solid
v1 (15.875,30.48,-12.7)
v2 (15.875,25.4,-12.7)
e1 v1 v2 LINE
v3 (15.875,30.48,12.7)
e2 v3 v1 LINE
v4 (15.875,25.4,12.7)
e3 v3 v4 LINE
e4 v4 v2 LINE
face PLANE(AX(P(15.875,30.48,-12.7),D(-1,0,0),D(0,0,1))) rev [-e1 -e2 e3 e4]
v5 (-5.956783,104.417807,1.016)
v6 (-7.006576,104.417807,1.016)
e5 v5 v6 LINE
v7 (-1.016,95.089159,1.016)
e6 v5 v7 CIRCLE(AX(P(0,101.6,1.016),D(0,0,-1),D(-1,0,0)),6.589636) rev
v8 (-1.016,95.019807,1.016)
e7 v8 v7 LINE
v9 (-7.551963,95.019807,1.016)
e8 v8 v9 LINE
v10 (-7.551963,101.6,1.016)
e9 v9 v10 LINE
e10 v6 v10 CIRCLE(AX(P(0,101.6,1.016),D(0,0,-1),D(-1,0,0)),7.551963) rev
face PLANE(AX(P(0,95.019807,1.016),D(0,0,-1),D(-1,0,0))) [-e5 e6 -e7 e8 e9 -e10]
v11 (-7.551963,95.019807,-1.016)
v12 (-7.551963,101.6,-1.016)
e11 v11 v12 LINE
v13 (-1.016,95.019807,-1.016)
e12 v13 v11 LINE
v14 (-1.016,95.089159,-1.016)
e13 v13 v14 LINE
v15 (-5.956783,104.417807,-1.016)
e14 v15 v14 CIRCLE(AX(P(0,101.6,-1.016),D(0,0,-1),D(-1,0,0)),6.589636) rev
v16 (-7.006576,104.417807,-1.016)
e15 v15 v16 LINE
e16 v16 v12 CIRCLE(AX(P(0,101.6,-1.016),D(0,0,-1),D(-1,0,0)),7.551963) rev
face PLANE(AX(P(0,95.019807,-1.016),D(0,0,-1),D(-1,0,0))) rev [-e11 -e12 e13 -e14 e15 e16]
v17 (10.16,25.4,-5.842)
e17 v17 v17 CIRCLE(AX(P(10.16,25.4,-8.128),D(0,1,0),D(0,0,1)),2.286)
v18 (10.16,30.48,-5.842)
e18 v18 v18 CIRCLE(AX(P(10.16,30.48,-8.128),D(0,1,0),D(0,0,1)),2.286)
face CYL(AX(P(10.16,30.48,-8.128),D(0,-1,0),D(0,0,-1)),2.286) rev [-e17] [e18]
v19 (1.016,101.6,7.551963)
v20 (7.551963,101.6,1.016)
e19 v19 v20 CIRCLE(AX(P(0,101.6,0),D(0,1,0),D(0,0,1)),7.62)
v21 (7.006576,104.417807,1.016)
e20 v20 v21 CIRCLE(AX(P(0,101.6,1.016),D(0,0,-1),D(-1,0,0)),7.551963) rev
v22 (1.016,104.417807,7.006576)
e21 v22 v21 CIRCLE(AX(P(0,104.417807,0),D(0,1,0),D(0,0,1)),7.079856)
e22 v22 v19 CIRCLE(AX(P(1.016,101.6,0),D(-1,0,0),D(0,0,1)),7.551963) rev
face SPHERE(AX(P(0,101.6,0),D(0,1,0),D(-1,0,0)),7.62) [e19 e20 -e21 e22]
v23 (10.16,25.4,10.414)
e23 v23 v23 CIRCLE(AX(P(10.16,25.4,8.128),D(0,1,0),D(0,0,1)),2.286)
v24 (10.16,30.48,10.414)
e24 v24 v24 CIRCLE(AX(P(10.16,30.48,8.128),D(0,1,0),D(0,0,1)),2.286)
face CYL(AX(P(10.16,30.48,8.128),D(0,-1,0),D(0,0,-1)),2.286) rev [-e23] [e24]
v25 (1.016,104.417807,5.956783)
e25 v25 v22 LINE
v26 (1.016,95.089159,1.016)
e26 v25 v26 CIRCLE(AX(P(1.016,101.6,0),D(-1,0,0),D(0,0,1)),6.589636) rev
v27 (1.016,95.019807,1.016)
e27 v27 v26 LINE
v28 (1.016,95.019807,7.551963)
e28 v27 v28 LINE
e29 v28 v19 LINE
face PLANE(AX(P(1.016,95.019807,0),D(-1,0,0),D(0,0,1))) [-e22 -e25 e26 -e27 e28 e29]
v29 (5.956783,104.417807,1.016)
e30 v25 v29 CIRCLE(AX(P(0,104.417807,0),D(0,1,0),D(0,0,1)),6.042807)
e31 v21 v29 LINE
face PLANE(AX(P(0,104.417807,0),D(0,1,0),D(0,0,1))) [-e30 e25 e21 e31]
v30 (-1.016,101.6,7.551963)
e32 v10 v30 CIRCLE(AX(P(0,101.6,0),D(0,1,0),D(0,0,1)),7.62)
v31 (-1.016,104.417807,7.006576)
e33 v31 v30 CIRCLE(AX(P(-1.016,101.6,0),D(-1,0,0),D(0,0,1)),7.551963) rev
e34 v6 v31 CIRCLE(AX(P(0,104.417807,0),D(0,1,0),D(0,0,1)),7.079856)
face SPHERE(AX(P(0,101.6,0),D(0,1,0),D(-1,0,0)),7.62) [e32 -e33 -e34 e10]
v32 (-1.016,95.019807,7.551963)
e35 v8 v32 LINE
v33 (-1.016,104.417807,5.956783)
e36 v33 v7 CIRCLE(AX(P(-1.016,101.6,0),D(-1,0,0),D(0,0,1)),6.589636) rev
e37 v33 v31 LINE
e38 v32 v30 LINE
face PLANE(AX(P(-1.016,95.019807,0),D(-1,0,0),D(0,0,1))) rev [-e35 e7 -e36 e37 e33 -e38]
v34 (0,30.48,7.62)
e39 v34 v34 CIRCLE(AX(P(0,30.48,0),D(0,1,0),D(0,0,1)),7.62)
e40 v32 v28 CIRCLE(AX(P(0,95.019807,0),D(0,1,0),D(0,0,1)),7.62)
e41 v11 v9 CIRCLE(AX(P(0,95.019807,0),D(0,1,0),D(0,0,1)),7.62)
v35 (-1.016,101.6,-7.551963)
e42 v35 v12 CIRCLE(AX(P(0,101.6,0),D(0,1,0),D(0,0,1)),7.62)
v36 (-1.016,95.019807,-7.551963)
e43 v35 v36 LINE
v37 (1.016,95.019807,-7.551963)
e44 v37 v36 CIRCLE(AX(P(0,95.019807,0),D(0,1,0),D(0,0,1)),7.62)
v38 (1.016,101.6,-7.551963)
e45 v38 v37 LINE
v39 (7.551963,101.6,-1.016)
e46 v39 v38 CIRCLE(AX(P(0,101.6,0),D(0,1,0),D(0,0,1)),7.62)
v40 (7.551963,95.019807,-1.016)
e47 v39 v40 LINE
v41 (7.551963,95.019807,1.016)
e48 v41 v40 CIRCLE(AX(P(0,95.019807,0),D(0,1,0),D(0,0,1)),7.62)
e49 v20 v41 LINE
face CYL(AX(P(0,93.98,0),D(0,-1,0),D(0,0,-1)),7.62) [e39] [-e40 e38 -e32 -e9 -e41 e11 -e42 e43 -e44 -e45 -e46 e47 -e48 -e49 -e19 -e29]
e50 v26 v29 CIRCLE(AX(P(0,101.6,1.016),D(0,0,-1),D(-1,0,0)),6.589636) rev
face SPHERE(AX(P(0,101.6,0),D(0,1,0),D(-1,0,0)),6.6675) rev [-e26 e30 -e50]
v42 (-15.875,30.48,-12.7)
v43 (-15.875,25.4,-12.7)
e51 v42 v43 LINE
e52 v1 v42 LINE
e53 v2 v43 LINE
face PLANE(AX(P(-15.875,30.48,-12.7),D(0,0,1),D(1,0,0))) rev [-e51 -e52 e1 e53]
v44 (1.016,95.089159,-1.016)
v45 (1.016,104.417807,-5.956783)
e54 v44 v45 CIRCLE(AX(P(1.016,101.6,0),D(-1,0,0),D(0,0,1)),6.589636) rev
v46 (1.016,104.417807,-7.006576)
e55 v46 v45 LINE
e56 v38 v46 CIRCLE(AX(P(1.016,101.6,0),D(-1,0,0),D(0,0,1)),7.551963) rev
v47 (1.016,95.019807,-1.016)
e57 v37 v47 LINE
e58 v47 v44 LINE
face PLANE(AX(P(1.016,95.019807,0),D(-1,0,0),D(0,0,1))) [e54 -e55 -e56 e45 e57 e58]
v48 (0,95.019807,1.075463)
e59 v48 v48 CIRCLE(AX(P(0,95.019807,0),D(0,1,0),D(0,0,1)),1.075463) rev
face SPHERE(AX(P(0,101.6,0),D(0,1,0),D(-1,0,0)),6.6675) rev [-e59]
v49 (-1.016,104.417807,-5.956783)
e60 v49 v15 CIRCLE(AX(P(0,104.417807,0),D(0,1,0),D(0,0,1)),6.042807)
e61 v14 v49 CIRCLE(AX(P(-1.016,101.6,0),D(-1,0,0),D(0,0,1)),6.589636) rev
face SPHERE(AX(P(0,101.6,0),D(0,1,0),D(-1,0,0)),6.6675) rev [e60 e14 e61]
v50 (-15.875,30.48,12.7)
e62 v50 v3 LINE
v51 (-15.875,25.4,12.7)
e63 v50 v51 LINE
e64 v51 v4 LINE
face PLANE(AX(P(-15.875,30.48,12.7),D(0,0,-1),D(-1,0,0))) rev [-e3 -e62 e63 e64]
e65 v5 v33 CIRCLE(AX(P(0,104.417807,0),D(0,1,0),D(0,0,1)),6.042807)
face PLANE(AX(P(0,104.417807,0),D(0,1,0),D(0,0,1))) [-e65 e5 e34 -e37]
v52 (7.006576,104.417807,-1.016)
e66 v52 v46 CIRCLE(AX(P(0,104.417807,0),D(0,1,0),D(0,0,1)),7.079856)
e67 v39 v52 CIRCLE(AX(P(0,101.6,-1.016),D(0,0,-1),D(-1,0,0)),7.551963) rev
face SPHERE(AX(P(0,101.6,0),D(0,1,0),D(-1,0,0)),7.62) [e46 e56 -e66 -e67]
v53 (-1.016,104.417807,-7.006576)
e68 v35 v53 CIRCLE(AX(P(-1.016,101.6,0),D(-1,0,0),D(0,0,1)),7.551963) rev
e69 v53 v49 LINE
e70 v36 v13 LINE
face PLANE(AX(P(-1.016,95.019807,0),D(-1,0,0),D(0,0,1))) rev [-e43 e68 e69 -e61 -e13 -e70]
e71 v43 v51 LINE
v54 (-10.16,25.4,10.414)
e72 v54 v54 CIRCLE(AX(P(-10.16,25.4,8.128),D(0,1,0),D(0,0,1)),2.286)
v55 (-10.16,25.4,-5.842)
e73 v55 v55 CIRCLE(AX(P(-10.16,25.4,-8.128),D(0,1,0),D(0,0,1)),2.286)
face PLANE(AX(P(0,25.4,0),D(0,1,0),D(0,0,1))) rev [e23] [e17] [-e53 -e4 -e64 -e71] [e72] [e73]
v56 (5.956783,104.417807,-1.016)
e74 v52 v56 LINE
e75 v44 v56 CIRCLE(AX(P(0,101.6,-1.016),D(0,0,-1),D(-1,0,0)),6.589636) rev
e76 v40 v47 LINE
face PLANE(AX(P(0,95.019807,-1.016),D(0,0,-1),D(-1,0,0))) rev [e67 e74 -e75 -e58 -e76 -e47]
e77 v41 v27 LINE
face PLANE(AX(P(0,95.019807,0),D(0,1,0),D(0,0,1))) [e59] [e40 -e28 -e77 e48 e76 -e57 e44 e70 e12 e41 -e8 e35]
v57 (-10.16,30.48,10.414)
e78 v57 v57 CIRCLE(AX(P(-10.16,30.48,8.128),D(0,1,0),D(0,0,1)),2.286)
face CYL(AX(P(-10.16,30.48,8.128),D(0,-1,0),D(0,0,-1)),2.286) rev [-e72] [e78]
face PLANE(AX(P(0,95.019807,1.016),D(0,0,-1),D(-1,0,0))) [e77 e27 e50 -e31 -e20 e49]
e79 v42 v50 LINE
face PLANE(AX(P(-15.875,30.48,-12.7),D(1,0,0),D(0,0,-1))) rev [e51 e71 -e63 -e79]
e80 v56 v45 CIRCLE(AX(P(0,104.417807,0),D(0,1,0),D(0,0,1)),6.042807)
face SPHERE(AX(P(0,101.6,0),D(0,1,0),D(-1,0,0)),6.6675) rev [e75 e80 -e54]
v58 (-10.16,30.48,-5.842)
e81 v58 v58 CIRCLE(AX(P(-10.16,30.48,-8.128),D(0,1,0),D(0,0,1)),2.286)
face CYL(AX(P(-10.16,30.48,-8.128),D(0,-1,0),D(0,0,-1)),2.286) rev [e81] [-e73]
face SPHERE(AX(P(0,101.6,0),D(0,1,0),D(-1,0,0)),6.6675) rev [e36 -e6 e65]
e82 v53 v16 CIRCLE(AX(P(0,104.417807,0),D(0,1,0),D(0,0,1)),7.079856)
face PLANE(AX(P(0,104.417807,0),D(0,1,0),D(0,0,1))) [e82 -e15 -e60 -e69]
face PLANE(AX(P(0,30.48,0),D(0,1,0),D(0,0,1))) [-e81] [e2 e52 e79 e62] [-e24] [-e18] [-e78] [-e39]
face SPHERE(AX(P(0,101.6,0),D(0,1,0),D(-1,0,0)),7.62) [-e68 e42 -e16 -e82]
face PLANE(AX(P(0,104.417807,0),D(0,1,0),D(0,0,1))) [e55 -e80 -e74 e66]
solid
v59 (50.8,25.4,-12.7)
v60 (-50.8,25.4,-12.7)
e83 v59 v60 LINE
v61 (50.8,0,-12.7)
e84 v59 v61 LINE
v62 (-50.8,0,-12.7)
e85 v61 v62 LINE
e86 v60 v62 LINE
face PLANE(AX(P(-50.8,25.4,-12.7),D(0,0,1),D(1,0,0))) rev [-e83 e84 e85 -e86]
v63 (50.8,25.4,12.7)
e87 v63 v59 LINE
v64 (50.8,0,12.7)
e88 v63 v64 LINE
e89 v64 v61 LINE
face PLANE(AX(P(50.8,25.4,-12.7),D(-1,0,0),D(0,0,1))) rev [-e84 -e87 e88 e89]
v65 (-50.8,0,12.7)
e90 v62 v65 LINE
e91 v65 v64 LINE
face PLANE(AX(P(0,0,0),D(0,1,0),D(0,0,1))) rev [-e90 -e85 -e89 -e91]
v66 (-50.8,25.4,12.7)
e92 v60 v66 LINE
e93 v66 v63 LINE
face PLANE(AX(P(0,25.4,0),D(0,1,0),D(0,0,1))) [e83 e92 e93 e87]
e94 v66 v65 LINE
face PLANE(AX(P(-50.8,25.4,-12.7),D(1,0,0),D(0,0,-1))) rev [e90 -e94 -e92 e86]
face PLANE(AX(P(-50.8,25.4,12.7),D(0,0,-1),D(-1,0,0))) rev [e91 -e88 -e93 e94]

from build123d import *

# Parameters (mm, degrees)
SKETCH1_W           = 101.6
SKETCH1_H           = 25.4
BOSS_EXTRUDE1_DEPTH = 25.4
SKETCH2_W           = 31.75
SKETCH2_H           = 25.4
SKETCH2_R           = 2.286
BOSS_EXTRUDE2_DEPTH = 5.08
SKETCH3_R           = 7.62
BOSS_EXTRUDE3_DEPTH = 63.5
SKETCH5_W           = 2.032
SKETCH5_H           = 7.874
SKETCH5_W_2         = 7.874
SKETCH5_H_2         = 2.032
CUT_EXTRUDE2_DEPTH  = 9.398


with BuildPart() as part:
    # Sketch1 → Boss-Extrude1 (new body)
    with BuildSketch(Plane(origin=(0, 0, 0), x_dir=(1, 0, 0), z_dir=(0, 1, 0))):
        Rectangle(SKETCH1_W, SKETCH1_H)
    extrude(amount=BOSS_EXTRUDE1_DEPTH)


with BuildPart() as body_2:
    # Sketch2 → Boss-Extrude2 (new body)
    with BuildSketch(Plane(origin=(0, 25.4, 0), x_dir=(1, 0, 0), z_dir=(0, 1, 0))):
        Rectangle(SKETCH2_W, SKETCH2_H)
        with Locations(Location((10.16, -8.128, 0), (0, 0, 270))):
            Circle(SKETCH2_R, mode=Mode.SUBTRACT)
        with Locations(Location((-10.16, -8.128, 0), (0, 0, 270))):
            Circle(SKETCH2_R, mode=Mode.SUBTRACT)
        with Locations(Location((-10.16, 8.128, 0), (0, 0, 270))):
            Circle(SKETCH2_R, mode=Mode.SUBTRACT)
        with Locations(Location((10.16, 8.128, 0), (0, 0, 270))):
            Circle(SKETCH2_R, mode=Mode.SUBTRACT)
    extrude(amount=BOSS_EXTRUDE2_DEPTH)

    # Sketch3 → Boss-Extrude3 (add)
    with BuildSketch(Plane(origin=(0, 30.48, 0), x_dir=(1, 0, 0), z_dir=(0, 1, 0))):
        with Locations(Location((0, 0, 0), (0, 0, 270))):
            Circle(SKETCH3_R)
    extrude(amount=BOSS_EXTRUDE3_DEPTH)

    # Sketch4 → Revolve1 (revolve)
    with BuildSketch(Plane.XY, mode=Mode.PRIVATE) as revolve1_sk:
        with BuildLine():
            Line((-7.62, 93.98), (0, 93.98))
            Line((0, 93.98), (0, 94.9325))
            ThreePointArc((0, 94.9325), (-5.623312465, 98.017554861), (-6.04280717, 104.41780726))
            Line((-6.04280717, 104.41780726), (-7.079856089, 104.41780726))
            ThreePointArc((-7.079856089, 104.41780726), (-7.483745833, 103.034555088), (-7.62, 101.6))
            Line((-7.62, 101.6), (-7.62, 93.98))
        make_face()
    revolve(revolve1_sk.sketch.rotate(Axis((0, 93.98, 0), (0, -1, 0)), 270), axis=Axis((0, 93.98, 0), (0, -1, 0)))

    # Sketch5 → Cut-Extrude2 (cut)
    with BuildSketch(Plane(origin=(0, 104.41780726, 0), x_dir=(1, 0, 0), z_dir=(0, 1, 0))):
        with Locations((0, -4.953)):
            Rectangle(SKETCH5_W, SKETCH5_H)
        with Locations((0, 4.953)):
            Rectangle(SKETCH5_W, SKETCH5_H)
        with Locations((4.953, 0)):
            Rectangle(SKETCH5_W_2, SKETCH5_H_2)
        with Locations((-4.953, 0)):
            Rectangle(SKETCH5_W_2, SKETCH5_H_2)
        Rectangle(SKETCH5_W, SKETCH5_H_2)
    extrude(amount=-CUT_EXTRUDE2_DEPTH, mode=Mode.SUBTRACT)


solid = Compound([part.part, body_2.part])
